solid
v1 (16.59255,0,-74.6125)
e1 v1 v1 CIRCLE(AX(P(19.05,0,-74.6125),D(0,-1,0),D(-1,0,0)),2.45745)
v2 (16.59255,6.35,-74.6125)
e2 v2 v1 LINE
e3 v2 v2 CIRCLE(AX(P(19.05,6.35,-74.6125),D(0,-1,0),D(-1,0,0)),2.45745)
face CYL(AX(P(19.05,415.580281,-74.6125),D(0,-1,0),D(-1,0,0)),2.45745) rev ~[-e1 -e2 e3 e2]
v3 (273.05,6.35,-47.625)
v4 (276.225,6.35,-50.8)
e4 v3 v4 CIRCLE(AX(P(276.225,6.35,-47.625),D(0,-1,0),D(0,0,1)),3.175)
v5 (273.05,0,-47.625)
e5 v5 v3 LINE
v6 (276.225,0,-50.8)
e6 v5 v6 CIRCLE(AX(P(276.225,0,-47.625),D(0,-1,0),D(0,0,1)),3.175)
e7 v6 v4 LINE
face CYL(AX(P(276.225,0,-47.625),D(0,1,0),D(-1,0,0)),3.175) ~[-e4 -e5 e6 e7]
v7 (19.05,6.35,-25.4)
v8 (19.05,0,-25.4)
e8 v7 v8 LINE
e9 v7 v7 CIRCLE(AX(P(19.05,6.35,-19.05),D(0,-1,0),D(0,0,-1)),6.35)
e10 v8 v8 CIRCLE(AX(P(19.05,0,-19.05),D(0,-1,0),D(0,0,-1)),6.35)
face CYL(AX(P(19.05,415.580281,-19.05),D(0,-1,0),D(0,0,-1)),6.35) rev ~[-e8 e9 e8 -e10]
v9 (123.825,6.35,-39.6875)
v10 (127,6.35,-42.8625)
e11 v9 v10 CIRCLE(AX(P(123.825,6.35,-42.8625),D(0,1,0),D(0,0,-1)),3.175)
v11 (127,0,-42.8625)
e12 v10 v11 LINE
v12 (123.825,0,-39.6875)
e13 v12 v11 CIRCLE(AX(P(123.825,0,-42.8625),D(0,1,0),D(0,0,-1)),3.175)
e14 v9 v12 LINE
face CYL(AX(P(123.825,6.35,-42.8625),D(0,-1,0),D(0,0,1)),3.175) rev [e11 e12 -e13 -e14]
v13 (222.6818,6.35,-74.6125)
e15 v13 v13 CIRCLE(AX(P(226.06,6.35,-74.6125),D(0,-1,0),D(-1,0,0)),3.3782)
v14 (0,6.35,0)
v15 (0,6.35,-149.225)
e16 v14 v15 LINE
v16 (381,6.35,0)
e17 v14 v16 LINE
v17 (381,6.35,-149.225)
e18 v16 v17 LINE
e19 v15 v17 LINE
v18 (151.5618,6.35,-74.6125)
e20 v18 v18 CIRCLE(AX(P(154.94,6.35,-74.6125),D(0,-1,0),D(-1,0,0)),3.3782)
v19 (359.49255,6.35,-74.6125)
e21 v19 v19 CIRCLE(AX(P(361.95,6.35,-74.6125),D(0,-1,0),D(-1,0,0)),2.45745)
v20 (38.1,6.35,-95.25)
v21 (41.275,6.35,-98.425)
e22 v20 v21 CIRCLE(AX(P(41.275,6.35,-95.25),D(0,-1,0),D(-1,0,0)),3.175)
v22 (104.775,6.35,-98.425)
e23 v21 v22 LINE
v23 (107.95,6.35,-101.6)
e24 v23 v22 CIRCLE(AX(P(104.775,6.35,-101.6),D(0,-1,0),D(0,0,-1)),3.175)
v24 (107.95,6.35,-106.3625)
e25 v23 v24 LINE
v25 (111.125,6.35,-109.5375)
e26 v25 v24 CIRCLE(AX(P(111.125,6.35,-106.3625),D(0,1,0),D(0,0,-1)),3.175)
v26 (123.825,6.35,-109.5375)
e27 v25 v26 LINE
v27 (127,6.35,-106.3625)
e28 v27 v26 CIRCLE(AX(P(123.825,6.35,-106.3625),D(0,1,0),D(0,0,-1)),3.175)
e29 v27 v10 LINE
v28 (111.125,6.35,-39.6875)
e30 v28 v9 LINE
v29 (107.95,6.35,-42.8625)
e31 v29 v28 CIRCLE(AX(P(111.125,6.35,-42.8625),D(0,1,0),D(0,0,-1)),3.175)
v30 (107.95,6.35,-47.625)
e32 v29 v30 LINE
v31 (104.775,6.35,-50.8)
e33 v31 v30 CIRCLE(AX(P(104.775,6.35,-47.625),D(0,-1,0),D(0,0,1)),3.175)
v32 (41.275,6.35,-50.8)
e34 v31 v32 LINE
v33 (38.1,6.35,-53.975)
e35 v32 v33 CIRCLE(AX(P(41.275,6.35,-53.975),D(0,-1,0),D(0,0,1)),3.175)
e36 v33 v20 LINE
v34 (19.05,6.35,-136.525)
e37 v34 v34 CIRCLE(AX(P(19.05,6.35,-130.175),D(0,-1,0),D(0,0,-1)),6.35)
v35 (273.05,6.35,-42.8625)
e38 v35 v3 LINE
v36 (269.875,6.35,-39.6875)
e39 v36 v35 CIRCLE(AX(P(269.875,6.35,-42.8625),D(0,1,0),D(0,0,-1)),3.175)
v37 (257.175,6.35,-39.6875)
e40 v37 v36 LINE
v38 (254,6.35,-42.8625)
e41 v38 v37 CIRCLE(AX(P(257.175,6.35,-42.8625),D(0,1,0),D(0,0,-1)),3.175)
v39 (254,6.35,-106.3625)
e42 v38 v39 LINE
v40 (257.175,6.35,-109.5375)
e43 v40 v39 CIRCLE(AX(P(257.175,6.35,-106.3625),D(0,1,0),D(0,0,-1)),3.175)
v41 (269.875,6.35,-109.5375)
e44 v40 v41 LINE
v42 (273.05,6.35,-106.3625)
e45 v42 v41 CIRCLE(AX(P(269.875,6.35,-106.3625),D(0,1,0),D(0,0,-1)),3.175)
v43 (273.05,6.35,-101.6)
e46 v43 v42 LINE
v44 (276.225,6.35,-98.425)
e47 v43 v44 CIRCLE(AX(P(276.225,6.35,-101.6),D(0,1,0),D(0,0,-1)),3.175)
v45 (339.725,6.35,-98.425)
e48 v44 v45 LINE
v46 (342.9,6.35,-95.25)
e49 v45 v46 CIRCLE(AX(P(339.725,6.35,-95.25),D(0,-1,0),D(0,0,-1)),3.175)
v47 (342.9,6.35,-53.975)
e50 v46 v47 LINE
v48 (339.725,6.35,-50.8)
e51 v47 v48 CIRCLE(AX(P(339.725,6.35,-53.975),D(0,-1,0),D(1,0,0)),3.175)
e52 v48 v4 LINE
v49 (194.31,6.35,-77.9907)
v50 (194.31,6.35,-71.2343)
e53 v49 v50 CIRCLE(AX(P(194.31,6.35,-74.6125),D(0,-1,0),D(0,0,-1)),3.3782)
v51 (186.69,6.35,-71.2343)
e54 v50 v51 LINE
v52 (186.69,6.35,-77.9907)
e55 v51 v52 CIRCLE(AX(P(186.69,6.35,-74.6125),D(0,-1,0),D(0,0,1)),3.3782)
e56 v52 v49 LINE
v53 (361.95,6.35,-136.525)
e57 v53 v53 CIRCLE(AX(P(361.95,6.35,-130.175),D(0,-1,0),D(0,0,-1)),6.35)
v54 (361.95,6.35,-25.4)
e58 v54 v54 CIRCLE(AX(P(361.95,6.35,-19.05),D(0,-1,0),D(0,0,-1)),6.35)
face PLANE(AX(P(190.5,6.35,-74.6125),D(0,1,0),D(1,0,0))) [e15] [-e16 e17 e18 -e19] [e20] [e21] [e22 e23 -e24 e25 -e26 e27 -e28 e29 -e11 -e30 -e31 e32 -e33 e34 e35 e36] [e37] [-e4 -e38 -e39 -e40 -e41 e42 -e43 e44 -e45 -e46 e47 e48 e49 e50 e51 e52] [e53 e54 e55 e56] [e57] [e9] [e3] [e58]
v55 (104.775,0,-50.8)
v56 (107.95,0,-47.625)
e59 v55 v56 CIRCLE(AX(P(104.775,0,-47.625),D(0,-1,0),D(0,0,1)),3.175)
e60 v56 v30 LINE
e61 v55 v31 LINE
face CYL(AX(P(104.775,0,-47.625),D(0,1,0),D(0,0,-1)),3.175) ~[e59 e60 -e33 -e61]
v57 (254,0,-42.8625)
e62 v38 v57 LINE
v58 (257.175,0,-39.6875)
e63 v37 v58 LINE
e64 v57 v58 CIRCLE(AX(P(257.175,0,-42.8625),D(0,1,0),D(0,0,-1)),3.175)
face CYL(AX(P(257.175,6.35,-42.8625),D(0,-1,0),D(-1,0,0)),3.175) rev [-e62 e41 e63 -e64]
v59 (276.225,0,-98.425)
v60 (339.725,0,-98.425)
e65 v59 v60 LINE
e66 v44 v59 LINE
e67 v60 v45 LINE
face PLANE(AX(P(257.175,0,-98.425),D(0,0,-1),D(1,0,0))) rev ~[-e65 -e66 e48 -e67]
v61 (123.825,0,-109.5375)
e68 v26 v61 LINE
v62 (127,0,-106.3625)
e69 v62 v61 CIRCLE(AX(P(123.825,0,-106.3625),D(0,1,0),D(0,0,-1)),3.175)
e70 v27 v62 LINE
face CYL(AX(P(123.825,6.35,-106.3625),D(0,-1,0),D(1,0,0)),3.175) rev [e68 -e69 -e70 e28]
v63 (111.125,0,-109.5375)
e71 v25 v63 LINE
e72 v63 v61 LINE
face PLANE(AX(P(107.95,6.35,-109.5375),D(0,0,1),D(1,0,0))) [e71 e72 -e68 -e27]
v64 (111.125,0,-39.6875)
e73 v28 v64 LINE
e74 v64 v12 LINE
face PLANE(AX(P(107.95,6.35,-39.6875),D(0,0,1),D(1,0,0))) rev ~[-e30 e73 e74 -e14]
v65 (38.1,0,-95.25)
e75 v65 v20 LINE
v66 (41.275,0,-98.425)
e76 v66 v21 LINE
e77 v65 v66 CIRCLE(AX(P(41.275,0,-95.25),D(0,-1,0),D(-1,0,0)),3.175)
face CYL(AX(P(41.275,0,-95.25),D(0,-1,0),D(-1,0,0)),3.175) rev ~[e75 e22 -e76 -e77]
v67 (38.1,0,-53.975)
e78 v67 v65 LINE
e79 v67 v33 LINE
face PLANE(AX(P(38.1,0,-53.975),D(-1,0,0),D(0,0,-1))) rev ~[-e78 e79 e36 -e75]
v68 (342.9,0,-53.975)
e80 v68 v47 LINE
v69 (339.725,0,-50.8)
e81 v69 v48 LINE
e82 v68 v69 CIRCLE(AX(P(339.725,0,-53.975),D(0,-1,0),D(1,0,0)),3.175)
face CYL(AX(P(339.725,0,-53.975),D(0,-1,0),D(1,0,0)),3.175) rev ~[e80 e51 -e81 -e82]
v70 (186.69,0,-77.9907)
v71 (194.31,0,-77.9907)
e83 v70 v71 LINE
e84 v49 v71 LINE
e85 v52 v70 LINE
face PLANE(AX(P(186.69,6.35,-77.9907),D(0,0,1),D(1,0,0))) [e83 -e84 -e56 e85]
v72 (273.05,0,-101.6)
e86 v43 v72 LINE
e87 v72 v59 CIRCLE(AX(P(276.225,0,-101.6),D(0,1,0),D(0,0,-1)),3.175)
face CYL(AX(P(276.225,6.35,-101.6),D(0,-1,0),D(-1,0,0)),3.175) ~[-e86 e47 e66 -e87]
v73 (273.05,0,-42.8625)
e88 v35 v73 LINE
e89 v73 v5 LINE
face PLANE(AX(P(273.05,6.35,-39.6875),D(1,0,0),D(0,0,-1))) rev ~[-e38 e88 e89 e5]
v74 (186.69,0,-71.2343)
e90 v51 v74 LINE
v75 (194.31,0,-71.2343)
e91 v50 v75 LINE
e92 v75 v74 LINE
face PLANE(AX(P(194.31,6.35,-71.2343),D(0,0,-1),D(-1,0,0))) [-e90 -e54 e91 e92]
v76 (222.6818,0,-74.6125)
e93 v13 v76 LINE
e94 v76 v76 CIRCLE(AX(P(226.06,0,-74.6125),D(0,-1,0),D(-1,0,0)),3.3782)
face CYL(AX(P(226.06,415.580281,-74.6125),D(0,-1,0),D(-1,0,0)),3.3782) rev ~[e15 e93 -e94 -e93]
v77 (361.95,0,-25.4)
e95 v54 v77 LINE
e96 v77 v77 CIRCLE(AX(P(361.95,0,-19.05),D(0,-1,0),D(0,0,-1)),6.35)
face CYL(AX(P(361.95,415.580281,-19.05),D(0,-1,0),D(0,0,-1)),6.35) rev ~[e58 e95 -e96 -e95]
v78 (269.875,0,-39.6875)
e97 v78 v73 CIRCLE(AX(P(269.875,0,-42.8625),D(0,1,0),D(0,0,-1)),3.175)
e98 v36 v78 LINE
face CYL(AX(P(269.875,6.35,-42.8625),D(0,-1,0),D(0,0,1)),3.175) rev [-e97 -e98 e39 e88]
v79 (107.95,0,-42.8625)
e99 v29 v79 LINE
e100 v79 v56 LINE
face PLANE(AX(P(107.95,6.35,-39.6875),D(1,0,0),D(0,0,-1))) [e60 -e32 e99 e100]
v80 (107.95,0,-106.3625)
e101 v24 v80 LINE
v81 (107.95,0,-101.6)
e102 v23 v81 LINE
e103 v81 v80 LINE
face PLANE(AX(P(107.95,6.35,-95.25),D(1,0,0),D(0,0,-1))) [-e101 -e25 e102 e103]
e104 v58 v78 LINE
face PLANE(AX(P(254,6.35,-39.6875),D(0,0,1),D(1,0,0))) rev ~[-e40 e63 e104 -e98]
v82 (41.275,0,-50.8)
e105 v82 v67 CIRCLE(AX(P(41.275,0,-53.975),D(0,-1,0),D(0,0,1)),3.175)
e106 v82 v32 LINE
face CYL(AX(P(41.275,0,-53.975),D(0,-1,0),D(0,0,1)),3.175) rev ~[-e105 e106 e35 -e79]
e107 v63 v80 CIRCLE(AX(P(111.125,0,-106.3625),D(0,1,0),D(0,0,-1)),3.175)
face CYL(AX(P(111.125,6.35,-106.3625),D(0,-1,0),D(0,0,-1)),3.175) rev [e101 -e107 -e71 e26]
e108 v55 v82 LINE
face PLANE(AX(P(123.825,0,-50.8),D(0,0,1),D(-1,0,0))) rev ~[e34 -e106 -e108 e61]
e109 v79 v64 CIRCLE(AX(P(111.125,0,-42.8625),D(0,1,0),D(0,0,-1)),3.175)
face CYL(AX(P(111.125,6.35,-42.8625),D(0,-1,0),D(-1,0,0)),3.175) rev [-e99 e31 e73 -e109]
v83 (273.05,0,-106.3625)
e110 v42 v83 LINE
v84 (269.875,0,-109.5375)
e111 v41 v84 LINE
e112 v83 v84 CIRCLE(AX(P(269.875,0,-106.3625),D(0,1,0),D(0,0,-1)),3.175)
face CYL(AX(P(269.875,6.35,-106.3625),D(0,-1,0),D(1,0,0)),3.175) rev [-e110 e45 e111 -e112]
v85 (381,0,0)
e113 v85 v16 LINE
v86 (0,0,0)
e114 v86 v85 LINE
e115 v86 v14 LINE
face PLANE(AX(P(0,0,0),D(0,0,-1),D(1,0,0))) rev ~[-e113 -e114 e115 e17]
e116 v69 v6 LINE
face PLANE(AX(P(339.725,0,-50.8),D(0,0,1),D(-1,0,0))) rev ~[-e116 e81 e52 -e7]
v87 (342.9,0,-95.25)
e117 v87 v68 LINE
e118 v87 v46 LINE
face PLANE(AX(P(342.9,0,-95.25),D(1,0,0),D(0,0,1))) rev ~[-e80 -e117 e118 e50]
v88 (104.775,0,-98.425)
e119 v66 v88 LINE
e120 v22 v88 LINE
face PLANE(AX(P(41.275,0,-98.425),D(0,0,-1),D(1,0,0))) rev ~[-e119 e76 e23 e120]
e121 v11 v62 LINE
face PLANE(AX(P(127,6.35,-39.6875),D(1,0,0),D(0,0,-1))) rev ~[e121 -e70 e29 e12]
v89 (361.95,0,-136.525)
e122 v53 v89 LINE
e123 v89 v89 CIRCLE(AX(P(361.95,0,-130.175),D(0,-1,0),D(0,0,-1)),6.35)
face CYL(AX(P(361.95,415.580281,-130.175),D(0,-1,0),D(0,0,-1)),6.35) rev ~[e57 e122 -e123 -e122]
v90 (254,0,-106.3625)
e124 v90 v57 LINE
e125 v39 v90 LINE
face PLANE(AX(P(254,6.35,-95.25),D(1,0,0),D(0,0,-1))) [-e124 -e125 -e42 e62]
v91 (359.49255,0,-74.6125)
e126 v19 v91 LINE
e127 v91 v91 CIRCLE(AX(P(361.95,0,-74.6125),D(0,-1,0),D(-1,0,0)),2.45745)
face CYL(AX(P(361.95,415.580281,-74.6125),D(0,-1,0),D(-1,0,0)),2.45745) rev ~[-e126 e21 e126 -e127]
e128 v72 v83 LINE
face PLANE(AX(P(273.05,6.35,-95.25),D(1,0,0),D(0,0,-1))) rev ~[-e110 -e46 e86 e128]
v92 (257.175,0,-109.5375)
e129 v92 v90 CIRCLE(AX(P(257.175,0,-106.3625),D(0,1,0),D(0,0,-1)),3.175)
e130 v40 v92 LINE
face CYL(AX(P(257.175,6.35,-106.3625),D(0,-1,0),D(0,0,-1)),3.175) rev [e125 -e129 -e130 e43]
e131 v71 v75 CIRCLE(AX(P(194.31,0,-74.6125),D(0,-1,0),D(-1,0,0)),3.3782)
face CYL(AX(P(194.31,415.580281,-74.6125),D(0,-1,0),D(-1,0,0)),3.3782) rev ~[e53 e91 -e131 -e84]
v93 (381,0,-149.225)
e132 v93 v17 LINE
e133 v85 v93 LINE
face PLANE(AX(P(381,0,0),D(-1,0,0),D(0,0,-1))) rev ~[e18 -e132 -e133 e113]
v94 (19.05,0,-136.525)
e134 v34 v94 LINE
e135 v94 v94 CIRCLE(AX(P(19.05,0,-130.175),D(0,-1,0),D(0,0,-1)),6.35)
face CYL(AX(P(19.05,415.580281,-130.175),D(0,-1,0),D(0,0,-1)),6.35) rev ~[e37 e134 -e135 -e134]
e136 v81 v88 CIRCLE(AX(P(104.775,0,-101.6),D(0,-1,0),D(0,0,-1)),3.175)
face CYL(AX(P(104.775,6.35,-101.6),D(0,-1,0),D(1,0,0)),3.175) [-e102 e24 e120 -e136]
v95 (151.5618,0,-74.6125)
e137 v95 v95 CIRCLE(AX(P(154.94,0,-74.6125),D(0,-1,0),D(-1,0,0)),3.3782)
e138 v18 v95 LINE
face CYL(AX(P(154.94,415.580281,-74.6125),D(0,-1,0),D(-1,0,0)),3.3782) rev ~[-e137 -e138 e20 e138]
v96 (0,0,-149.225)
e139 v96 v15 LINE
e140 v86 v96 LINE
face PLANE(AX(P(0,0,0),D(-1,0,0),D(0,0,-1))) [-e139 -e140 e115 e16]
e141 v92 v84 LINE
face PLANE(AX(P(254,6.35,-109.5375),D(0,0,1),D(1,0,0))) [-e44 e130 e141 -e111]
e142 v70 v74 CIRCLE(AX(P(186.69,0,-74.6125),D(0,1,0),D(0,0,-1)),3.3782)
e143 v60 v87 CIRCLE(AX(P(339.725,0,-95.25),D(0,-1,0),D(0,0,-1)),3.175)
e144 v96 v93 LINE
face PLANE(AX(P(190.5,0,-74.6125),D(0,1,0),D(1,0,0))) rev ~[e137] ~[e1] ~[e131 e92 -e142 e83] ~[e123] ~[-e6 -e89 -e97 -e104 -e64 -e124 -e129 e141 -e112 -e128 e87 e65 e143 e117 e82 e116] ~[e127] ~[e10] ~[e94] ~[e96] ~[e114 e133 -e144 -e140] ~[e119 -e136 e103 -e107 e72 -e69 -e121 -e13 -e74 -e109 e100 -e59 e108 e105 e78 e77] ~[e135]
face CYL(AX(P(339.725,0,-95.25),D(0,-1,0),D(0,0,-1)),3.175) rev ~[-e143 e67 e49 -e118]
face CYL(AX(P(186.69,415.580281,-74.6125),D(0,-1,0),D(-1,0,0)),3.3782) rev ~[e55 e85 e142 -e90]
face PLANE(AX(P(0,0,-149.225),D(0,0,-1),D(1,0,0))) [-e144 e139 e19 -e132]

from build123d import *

# Parameters (mm, degrees)
SKETCH1_W                    = 381
SKETCH1_H                    = 149.225
BOSS_EXTRUDE1_DEPTH          = 6.35
F_1_4_CLEARANCE_HOLE1_D      = 6.7564
CUT_EXTRUDE1_DEPTH           = 410.23028129
F_1_2_0_5_DIAMETER_HOLE1_D   = 12.7
F_10_0_1935_DIAMETER_HOLE1_D = 4.9149
SKETCH9_W                    = 19.05
SKETCH9_H                    = 14.2875
CUT_EXTRUDE2_DEPTH           = 410.23028129
FILLET1_R                    = 3.175


with BuildPart() as part:
    # Sketch1 → Boss-Extrude1 (new body)
    with BuildSketch(Plane(origin=(0, 0, 0), x_dir=(1, 0, 0), z_dir=(0, 1, 0))):
        with Locations((190.5, 74.6125)):
            Rectangle(SKETCH1_W, SKETCH1_H)
        with BuildLine():
            Line((342.9, 95.25), (342.9, 53.975))
            ThreePointArc((342.9, 53.975), (341.97006403, 51.72993597), (339.725, 50.8))
            Line((339.725, 50.8), (257.175, 50.8))
            ThreePointArc((257.175, 50.8), (254.92993597, 51.72993597), (254, 53.975))
            Line((254, 53.975), (254, 95.25))
            ThreePointArc((254, 95.25), (254.92993597, 97.49506403), (257.175, 98.425))
            Line((257.175, 98.425), (339.725, 98.425))
            ThreePointArc((339.725, 98.425), (341.97006403, 97.49506403), (342.9, 95.25))
        make_face(mode=Mode.SUBTRACT)
        with BuildLine():
            Line((41.275, 98.425), (123.825, 98.425))
            ThreePointArc((123.825, 98.425), (126.07006403, 97.49506403), (127, 95.25))
            Line((127, 95.25), (127, 53.975))
            ThreePointArc((127, 53.975), (126.07006403, 51.72993597), (123.825, 50.8))
            Line((123.825, 50.8), (41.275, 50.8))
            ThreePointArc((41.275, 50.8), (39.02993597, 51.72993597), (38.1, 53.975))
            Line((38.1, 53.975), (38.1, 95.25))
            ThreePointArc((38.1, 95.25), (39.02993597, 97.49506403), (41.275, 98.425))
        make_face(mode=Mode.SUBTRACT)
    extrude(amount=BOSS_EXTRUDE1_DEPTH)

    # 1/4 Clearance Hole1 (through all)
    with Locations(Plane(origin=(0, 6.35, 0), x_dir=(1, 0, 0), z_dir=(0, 1, 0))):
        with Locations((154.94, 74.6125), (186.69, 74.6125), (194.31, 74.6125), (226.06, 74.6125)):
            Hole(F_1_4_CLEARANCE_HOLE1_D / 2)

    # Sketch4 → Cut-Extrude1 (cut, through all)
    with BuildSketch(Plane(origin=(0, 6.35, 0), x_dir=(1, 0, 0), z_dir=(0, 1, 0))):
        with BuildLine():
            Line((186.69, 77.9907), (194.31, 77.9907))
            ThreePointArc((194.31, 77.9907), (197.6882, 74.6125), (194.31, 71.2343))
            Line((194.31, 71.2343), (186.69, 71.2343))
            ThreePointArc((186.69, 71.2343), (183.3118, 74.6125), (186.69, 77.9907))
        make_face()
    extrude(amount=-CUT_EXTRUDE1_DEPTH, mode=Mode.SUBTRACT)

    # 1/2 (0.5) Diameter Hole1 (through all)
    with Locations(Plane(origin=(19.05, 6.35, -130.175), x_dir=(0, 0, 1), z_dir=(0, 1, 0))):
        with Locations((0, 0), (111.125, 0), (0, 342.9), (111.125, 342.9)):
            Hole(F_1_2_0_5_DIAMETER_HOLE1_D / 2)

    # #10 (0.1935) Diameter Hole1 (through all)
    with Locations(Plane(origin=(0, 6.35, 0), x_dir=(1, 0, 0), z_dir=(0, 1, 0))):
        with Locations((19.05, 74.6125), (361.95, 74.6125)):
            Hole(F_10_0_1935_DIAMETER_HOLE1_D / 2)

    # Sketch9 → Cut-Extrude2 (cut, through all)
    with BuildSketch(Plane(origin=(0, 6.35, 0), x_dir=(1, 0, 0), z_dir=(0, 1, 0))):
        with Locations((117.475, 102.39375)):
            Rectangle(SKETCH9_W, SKETCH9_H)
        with Locations((117.475, 46.83125)):
            Rectangle(SKETCH9_W, SKETCH9_H)
        with Locations((263.525, 46.83125)):
            Rectangle(SKETCH9_W, SKETCH9_H)
        with Locations((263.525, 102.39375)):
            Rectangle(SKETCH9_W, SKETCH9_H)
    extrude(amount=-CUT_EXTRUDE2_DEPTH, mode=Mode.SUBTRACT)

    # Fillet1
    fillet1_edges = [part.edges().sort_by_distance(p)[0] for p in [
        (273.05, 3.175, -50.8),
        (273.05, 3.175, -98.425),
        (107.95, 3.175, -98.425),
        (107.95, 3.175, -50.8),
        (273.05, 3.175, -109.5375),
        (254, 3.175, -109.5375),
        (273.05, 3.175, -39.6875),
        (254, 3.175, -39.6875),
        (107.95, 3.175, -39.6875),
        (127, 3.175, -39.6875),
        (107.95, 3.175, -109.5375),
        (127, 3.175, -109.5375),
    ]]
    fillet(fillet1_edges, radius=FILLET1_R)


solid = part.part
